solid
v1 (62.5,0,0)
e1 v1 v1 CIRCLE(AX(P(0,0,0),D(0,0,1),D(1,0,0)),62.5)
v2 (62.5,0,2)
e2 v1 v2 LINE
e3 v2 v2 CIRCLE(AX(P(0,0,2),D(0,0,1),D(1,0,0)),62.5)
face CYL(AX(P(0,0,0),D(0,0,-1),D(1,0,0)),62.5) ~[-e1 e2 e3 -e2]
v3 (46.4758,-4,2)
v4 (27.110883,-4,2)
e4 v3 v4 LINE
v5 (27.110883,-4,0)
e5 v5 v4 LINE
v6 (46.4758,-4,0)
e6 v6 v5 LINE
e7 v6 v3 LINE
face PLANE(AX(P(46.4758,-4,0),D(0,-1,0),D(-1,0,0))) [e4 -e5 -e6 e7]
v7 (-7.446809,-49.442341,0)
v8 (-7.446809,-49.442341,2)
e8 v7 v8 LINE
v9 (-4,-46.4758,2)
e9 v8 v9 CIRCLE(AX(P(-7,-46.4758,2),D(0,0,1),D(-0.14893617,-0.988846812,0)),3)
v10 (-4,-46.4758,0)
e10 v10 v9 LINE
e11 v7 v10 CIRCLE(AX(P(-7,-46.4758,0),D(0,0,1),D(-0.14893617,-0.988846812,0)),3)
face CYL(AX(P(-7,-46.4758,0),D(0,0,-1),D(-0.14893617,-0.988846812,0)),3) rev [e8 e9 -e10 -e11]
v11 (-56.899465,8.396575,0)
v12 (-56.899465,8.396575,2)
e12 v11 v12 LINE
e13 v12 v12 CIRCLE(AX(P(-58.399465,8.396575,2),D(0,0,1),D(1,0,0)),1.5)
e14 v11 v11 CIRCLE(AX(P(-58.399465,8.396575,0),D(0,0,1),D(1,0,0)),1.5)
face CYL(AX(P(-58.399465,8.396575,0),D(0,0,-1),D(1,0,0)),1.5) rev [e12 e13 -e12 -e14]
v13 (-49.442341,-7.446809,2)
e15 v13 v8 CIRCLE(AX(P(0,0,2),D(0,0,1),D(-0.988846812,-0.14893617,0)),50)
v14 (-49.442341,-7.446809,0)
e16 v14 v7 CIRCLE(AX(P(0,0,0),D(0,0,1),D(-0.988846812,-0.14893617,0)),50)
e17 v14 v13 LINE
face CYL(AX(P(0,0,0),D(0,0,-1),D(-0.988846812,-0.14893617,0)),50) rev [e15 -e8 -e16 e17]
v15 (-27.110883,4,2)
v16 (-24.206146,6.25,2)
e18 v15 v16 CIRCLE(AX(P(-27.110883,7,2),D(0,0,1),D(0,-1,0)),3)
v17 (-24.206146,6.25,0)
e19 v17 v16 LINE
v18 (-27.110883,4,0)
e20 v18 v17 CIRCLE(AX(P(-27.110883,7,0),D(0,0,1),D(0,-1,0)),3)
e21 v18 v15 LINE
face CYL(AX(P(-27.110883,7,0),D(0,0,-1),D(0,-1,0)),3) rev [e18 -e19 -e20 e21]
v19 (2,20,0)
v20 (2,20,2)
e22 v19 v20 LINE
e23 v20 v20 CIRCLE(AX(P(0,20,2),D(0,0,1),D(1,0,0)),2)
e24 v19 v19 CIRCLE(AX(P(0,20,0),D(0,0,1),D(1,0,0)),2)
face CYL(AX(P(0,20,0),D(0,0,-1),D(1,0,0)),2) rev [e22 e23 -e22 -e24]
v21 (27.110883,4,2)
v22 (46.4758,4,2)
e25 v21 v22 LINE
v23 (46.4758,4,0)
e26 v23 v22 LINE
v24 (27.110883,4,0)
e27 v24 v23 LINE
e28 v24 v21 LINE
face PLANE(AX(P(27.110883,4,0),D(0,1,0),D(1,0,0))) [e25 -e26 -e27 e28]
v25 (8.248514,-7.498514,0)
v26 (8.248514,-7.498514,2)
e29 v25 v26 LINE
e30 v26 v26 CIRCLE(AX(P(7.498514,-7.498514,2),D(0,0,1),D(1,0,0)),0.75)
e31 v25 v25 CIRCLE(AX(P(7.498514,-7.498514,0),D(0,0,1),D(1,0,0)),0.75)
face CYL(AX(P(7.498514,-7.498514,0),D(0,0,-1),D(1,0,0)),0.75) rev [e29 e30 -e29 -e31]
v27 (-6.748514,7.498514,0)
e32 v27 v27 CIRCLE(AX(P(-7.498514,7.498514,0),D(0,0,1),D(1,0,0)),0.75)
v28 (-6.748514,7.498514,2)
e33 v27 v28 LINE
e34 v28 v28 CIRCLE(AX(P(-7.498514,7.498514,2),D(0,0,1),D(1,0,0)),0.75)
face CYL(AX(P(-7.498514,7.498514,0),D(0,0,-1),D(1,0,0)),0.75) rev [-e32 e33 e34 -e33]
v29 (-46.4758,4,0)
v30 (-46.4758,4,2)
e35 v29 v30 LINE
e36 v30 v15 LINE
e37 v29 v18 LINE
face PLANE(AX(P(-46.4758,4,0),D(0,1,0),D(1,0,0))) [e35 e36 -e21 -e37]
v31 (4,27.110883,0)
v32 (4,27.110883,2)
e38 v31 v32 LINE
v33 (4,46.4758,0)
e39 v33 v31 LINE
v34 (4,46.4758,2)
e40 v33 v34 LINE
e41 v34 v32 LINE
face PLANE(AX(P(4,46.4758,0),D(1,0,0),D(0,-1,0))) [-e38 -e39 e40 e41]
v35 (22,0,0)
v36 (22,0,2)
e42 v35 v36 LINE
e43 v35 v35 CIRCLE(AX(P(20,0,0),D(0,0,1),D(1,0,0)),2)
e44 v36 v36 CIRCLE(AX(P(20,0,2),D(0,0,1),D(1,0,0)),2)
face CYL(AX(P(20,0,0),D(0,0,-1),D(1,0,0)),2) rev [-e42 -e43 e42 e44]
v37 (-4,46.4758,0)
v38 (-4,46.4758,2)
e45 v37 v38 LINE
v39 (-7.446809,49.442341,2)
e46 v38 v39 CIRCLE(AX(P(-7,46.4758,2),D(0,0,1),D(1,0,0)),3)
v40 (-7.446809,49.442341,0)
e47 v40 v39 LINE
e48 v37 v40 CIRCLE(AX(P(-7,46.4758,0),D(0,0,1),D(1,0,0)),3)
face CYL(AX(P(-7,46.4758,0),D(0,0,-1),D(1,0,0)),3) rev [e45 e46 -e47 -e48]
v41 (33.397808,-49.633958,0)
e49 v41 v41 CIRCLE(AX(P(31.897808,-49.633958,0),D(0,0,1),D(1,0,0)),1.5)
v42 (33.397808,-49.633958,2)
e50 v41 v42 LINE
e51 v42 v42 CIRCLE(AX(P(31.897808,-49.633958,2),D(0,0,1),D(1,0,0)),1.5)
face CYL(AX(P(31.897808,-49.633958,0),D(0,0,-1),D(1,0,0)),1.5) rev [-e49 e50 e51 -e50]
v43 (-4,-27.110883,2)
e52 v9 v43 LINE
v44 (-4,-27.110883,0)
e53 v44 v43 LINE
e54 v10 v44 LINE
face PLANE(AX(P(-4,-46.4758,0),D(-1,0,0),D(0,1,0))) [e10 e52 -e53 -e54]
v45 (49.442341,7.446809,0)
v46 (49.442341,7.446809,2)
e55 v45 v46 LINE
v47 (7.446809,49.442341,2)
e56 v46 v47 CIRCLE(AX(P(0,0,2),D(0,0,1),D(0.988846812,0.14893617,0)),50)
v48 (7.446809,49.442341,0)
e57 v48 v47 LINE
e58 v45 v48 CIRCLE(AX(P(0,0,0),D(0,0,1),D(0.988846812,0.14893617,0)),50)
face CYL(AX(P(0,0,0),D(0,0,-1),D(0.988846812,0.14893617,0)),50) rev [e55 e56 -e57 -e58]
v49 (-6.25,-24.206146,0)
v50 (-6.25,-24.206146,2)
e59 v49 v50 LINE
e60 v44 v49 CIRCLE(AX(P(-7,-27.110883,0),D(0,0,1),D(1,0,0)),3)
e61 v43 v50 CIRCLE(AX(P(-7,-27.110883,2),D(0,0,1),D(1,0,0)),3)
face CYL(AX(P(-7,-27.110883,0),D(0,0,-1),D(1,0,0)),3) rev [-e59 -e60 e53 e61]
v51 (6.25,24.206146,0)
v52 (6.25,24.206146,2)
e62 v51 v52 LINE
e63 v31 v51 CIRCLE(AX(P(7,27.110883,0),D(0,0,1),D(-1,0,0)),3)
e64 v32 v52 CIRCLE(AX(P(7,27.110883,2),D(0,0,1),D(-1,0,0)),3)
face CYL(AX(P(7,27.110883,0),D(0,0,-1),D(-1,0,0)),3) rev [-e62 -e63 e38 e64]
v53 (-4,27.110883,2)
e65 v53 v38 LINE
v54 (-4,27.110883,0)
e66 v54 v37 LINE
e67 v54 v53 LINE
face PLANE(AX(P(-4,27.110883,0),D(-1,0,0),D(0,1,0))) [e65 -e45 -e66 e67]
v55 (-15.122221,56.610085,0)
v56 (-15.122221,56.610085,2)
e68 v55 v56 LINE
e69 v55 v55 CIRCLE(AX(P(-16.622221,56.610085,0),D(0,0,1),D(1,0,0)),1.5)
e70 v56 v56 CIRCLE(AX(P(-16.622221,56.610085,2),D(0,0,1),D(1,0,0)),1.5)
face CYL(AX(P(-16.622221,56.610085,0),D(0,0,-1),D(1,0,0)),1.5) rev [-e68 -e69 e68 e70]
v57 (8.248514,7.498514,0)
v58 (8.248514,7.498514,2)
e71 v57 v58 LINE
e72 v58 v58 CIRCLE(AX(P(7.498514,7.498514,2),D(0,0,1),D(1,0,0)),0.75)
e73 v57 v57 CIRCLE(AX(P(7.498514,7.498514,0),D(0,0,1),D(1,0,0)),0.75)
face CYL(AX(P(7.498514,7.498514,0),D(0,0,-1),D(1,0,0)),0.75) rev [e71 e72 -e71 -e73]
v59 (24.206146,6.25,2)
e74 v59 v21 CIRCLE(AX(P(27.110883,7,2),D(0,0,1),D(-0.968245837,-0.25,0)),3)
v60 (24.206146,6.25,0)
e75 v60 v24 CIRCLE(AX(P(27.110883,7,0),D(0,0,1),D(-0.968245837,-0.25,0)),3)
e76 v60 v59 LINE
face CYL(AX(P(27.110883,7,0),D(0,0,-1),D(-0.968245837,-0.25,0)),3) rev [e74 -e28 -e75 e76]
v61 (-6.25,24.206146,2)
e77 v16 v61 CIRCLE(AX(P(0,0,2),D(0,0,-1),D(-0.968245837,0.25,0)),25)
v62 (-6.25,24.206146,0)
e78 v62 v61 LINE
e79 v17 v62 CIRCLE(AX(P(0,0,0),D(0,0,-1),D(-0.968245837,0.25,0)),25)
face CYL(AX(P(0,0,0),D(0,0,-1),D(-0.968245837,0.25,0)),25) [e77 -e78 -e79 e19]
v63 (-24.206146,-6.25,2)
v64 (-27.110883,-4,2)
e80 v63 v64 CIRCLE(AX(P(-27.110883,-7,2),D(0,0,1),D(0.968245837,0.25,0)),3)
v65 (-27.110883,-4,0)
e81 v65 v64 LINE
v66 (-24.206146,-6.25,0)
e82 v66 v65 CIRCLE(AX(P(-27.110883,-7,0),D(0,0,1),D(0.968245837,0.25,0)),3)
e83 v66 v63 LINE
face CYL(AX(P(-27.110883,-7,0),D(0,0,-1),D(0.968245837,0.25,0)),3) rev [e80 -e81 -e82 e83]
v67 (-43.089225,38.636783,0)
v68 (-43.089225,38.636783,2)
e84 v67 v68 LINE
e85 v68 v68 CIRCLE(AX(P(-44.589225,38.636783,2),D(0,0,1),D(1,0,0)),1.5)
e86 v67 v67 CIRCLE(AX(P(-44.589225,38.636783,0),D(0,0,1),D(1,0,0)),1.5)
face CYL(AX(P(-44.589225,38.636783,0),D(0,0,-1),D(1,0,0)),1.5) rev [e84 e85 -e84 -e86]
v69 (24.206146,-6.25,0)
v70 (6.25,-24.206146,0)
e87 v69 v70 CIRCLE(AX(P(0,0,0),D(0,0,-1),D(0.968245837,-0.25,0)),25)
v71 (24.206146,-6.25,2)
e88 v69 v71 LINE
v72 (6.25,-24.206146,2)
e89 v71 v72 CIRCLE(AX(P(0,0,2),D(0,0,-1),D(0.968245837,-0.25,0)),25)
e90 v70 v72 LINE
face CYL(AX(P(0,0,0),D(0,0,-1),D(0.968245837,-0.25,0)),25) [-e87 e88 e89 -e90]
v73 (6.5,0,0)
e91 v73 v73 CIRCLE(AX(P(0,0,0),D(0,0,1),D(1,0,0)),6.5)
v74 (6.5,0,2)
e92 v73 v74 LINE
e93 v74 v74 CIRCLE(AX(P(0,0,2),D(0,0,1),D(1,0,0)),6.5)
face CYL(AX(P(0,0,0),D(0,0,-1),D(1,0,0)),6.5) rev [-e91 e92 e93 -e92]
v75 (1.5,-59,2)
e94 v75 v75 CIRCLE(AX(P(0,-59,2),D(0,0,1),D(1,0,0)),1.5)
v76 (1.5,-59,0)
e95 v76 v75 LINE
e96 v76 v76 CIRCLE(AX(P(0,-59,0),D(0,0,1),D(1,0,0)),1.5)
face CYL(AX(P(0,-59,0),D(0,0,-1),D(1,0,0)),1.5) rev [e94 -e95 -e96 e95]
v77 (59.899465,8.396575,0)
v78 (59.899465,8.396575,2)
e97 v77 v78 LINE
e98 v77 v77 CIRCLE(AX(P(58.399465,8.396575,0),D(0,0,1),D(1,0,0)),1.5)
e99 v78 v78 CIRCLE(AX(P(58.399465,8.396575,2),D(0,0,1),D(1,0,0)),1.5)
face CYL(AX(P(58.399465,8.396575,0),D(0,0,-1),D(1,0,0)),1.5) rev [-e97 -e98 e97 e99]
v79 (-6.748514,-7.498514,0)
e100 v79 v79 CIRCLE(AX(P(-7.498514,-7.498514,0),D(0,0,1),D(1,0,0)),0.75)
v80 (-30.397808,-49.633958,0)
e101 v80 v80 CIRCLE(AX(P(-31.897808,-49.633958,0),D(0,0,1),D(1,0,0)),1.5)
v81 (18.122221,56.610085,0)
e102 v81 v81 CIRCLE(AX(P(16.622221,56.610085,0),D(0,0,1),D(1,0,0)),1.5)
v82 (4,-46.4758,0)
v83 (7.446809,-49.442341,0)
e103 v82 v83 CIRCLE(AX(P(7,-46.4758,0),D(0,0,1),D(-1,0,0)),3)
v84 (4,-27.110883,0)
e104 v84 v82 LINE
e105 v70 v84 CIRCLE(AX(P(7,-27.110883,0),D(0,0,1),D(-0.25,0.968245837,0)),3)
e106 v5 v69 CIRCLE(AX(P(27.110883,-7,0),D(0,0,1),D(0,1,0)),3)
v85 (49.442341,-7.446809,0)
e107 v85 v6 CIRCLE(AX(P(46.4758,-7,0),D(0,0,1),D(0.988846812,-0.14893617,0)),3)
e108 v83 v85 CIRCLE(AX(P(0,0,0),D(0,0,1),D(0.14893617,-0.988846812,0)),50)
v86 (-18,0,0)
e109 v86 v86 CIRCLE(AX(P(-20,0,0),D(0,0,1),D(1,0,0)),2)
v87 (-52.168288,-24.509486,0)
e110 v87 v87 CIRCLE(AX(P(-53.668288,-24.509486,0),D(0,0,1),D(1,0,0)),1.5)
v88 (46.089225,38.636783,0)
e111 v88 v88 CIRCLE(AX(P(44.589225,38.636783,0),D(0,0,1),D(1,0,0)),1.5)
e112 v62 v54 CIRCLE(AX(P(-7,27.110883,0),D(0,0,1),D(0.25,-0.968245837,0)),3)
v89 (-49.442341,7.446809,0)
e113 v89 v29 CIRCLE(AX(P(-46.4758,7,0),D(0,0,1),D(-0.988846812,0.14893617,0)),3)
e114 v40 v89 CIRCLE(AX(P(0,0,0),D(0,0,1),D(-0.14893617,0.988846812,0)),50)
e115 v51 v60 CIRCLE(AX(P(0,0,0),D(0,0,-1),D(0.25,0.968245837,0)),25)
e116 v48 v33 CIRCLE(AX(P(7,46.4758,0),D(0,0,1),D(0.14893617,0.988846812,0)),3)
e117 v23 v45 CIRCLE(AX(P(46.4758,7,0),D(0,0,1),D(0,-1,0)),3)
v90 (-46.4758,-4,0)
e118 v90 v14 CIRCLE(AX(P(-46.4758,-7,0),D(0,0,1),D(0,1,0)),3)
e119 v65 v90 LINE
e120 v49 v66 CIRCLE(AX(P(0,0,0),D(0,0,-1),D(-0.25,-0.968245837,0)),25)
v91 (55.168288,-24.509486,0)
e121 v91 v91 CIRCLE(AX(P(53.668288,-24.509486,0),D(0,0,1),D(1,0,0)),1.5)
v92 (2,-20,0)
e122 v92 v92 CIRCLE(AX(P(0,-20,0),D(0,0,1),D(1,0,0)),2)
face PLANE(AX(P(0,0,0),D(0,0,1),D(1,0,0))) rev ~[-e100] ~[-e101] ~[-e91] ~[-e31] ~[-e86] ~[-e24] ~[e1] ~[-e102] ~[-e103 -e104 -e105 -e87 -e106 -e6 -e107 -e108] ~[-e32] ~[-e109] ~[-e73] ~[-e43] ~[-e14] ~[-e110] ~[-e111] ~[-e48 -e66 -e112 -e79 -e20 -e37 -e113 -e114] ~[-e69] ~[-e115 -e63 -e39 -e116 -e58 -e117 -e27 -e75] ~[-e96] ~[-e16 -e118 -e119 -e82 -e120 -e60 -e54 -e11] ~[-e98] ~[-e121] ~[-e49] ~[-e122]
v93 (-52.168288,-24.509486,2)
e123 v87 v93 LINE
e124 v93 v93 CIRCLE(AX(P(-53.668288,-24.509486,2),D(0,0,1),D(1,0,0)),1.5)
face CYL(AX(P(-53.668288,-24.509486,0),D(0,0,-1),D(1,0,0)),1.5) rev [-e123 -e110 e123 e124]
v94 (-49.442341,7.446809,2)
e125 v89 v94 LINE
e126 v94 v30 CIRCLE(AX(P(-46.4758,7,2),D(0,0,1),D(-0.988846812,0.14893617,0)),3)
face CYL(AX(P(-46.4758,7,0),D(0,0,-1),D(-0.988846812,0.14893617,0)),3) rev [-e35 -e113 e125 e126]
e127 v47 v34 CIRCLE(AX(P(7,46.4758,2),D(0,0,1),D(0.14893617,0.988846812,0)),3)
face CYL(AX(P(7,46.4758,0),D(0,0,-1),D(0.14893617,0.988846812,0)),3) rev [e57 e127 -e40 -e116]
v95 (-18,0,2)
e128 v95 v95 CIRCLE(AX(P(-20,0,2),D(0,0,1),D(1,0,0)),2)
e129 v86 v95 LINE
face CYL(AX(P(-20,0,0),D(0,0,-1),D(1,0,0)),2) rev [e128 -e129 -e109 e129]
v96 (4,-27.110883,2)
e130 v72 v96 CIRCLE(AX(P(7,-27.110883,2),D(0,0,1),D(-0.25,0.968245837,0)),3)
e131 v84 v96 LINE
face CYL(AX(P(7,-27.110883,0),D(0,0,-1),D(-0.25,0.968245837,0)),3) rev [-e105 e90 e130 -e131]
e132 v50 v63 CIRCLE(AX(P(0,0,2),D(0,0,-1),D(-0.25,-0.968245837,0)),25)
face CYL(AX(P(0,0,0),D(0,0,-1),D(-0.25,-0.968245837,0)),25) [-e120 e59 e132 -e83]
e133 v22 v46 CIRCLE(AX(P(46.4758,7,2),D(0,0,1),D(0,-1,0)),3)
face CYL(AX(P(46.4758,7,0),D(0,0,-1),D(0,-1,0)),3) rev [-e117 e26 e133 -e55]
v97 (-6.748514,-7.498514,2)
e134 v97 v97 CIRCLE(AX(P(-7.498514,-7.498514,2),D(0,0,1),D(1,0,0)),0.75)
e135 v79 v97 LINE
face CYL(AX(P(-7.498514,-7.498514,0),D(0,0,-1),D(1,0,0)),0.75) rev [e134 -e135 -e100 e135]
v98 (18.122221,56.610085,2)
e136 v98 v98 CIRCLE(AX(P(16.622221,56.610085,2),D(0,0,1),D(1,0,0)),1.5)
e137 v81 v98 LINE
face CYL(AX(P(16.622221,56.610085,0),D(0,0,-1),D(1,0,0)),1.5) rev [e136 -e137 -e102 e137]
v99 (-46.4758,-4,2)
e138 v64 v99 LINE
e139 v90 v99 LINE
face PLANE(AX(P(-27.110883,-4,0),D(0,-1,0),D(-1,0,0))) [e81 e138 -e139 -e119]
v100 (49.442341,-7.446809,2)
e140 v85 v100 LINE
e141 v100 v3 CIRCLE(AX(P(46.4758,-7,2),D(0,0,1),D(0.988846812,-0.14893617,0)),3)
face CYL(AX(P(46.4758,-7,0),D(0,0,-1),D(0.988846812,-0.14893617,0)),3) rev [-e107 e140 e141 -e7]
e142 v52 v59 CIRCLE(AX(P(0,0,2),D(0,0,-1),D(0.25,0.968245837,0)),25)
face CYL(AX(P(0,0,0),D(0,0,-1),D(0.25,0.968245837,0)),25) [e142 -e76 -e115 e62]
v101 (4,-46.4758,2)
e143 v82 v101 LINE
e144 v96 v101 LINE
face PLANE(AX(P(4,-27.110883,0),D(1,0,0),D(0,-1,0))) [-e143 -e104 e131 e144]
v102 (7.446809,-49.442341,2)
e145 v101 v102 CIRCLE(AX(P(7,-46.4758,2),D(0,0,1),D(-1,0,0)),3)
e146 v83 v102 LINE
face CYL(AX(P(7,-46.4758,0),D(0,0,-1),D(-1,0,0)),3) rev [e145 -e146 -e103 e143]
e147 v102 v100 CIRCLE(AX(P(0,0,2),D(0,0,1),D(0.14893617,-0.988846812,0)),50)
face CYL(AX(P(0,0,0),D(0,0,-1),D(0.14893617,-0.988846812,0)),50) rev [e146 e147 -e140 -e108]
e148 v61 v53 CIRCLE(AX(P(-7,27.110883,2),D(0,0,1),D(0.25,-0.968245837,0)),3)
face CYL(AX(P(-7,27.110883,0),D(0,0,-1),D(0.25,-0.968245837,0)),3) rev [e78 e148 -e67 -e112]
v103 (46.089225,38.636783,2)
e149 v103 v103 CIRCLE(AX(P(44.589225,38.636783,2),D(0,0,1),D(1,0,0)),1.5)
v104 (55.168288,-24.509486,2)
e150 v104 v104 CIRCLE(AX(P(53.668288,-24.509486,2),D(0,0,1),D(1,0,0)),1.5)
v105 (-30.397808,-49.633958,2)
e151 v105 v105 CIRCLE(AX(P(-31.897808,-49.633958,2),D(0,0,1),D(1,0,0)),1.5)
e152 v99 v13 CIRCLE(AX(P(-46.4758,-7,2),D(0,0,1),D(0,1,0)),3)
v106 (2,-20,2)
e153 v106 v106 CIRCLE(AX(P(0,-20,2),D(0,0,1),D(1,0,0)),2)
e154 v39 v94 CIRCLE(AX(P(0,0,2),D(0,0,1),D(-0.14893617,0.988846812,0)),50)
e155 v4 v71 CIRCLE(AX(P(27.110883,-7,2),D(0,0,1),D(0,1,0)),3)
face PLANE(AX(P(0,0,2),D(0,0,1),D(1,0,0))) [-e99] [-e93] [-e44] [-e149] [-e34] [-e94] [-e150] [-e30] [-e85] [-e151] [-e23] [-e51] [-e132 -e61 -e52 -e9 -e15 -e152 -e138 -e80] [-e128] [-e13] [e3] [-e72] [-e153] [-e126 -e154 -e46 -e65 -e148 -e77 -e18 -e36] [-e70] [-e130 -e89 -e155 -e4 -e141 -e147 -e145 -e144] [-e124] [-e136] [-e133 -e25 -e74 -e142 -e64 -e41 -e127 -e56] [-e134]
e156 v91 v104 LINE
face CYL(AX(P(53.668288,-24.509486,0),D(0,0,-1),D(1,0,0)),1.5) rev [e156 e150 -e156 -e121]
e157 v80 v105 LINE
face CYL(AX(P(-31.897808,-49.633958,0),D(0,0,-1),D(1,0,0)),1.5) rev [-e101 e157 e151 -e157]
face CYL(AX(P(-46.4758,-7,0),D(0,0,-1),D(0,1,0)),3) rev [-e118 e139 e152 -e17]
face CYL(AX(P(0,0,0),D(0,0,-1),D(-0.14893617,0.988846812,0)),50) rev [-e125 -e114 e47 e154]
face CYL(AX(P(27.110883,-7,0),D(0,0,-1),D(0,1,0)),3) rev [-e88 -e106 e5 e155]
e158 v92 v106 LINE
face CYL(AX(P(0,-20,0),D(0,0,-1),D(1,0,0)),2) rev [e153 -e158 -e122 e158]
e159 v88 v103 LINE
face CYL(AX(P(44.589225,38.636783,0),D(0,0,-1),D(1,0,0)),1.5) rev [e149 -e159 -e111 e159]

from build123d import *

# Parameters (mm, degrees)
SKETCH_1_R      = 62.5
SKETCH_1_R_2    = 2
SKETCH_1_R_3    = 1.5
SKETCH_1_R_4    = 6.5
SKETCH_1_R_5    = 0.75
EXTRUDE_1_DEPTH = 2


with BuildPart() as part:
    # 草图1 → 凸台-拉伸1 (new body)
    with BuildSketch(Plane.XY):
        Circle(SKETCH_1_R)
        with Locations((0, -20)):
            Circle(SKETCH_1_R_2, mode=Mode.SUBTRACT)
        with Locations((0, -59)):
            Circle(SKETCH_1_R_3, mode=Mode.SUBTRACT)
        with Locations((-20, 0)):
            Circle(SKETCH_1_R_2, mode=Mode.SUBTRACT)
        with Locations((0, 20)):
            Circle(SKETCH_1_R_2, mode=Mode.SUBTRACT)
        with Locations((20, 0)):
            Circle(SKETCH_1_R_2, mode=Mode.SUBTRACT)
        with Locations((-31.89780823, -49.633958437)):
            Circle(SKETCH_1_R_3, mode=Mode.SUBTRACT)
        with Locations((-53.668287726, -24.509485767)):
            Circle(SKETCH_1_R_3, mode=Mode.SUBTRACT)
        with Locations((-58.399465071, 8.396575458)):
            Circle(SKETCH_1_R_3, mode=Mode.SUBTRACT)
        with Locations((-44.589224887, 38.636783303)):
            Circle(SKETCH_1_R_3, mode=Mode.SUBTRACT)
        with Locations((-16.622220854, 56.610085443)):
            Circle(SKETCH_1_R_3, mode=Mode.SUBTRACT)
        with Locations((16.622220854, 56.610085443)):
            Circle(SKETCH_1_R_3, mode=Mode.SUBTRACT)
        with Locations((44.589224887, 38.636783303)):
            Circle(SKETCH_1_R_3, mode=Mode.SUBTRACT)
        with Locations((58.399465071, 8.396575458)):
            Circle(SKETCH_1_R_3, mode=Mode.SUBTRACT)
        with Locations((53.668287726, -24.509485767)):
            Circle(SKETCH_1_R_3, mode=Mode.SUBTRACT)
        with Locations((31.89780823, -49.633958437)):
            Circle(SKETCH_1_R_3, mode=Mode.SUBTRACT)
        Circle(SKETCH_1_R_4, mode=Mode.SUBTRACT)
        with Locations((-7.498513861, -7.498513861)):
            Circle(SKETCH_1_R_5, mode=Mode.SUBTRACT)
        with Locations((-7.498513861, 7.498513861)):
            Circle(SKETCH_1_R_5, mode=Mode.SUBTRACT)
        with Locations((7.498513861, 7.498513861)):
            Circle(SKETCH_1_R_5, mode=Mode.SUBTRACT)
        with Locations((7.498513861, -7.498513861)):
            Circle(SKETCH_1_R_5, mode=Mode.SUBTRACT)
        with BuildLine():
            Line((-46.475800154, 4), (-27.110883423, 4))
            ThreePointArc((-27.110883423, 4), (-25.273766116, 4.628291755), (-24.206145914, 6.25))
            ThreePointArc((-24.206145914, 6.25), (-17.67766953, 17.67766953), (-6.25, 24.206145914))
            ThreePointArc((-6.25, 24.206145914), (-4.628291755, 25.273766116), (-4, 27.110883423))
            Line((-4, 27.110883423), (-4, 46.475800154))
            ThreePointArc((-4, 46.475800154), (-5.043015781, 48.749610341), (-7.446808511, 49.44234059))
            ThreePointArc((-7.446808511, 49.44234059), (-35.355339059, 35.355339059), (-49.44234059, 7.446808511))
            ThreePointArc((-49.44234059, 7.446808511), (-48.749610341, 5.043015781), (-46.475800154, 4))
        make_face(mode=Mode.SUBTRACT)
        with BuildLine():
            Line((4, 46.475800154), (4, 27.110883423))
            ThreePointArc((4, 27.110883423), (4.628291755, 25.273766116), (6.25, 24.206145914))
            ThreePointArc((6.25, 24.206145914), (17.67766953, 17.67766953), (24.206145914, 6.25))
            ThreePointArc((24.206145914, 6.25), (25.273766116, 4.628291755), (27.110883423, 4))
            Line((27.110883423, 4), (46.475800154, 4))
            ThreePointArc((46.475800154, 4), (48.749610341, 5.043015781), (49.44234059, 7.446808511))
            ThreePointArc((49.44234059, 7.446808511), (35.355339059, 35.355339059), (7.446808511, 49.44234059))
            ThreePointArc((7.446808511, 49.44234059), (5.043015781, 48.749610341), (4, 46.475800154))
        make_face(mode=Mode.SUBTRACT)
        with BuildLine():
            Line((-27.110883423, -4), (-46.475800154, -4))
            ThreePointArc((-46.475800154, -4), (-48.749610341, -5.043015781), (-49.44234059, -7.446808511))
            ThreePointArc((-49.44234059, -7.446808511), (-35.355339059, -35.355339059), (-7.446808511, -49.44234059))
            ThreePointArc((-7.446808511, -49.44234059), (-5.043015781, -48.749610341), (-4, -46.475800154))
            Line((-4, -46.475800154), (-4, -27.110883423))
            ThreePointArc((-4, -27.110883423), (-4.628291755, -25.273766116), (-6.25, -24.206145914))
            ThreePointArc((-6.25, -24.206145914), (-17.67766953, -17.67766953), (-24.206145914, -6.25))
            ThreePointArc((-24.206145914, -6.25), (-25.273766116, -4.628291755), (-27.110883423, -4))
        make_face(mode=Mode.SUBTRACT)
        with BuildLine():
            Line((46.475800154, -4), (27.110883423, -4))
            ThreePointArc((27.110883423, -4), (25.273766116, -4.628291755), (24.206145914, -6.25))
            ThreePointArc((24.206145914, -6.25), (17.67766953, -17.67766953), (6.25, -24.206145914))
            ThreePointArc((6.25, -24.206145914), (4.628291755, -25.273766116), (4, -27.110883423))
            Line((4, -27.110883423), (4, -46.475800154))
            ThreePointArc((4, -46.475800154), (5.043015781, -48.749610341), (7.446808511, -49.44234059))
            ThreePointArc((7.446808511, -49.44234059), (35.355339059, -35.355339059), (49.44234059, -7.446808511))
            ThreePointArc((49.44234059, -7.446808511), (48.749610341, -5.043015781), (46.475800154, -4))
        make_face(mode=Mode.SUBTRACT)
    extrude(amount=EXTRUDE_1_DEPTH)


solid = part.part
